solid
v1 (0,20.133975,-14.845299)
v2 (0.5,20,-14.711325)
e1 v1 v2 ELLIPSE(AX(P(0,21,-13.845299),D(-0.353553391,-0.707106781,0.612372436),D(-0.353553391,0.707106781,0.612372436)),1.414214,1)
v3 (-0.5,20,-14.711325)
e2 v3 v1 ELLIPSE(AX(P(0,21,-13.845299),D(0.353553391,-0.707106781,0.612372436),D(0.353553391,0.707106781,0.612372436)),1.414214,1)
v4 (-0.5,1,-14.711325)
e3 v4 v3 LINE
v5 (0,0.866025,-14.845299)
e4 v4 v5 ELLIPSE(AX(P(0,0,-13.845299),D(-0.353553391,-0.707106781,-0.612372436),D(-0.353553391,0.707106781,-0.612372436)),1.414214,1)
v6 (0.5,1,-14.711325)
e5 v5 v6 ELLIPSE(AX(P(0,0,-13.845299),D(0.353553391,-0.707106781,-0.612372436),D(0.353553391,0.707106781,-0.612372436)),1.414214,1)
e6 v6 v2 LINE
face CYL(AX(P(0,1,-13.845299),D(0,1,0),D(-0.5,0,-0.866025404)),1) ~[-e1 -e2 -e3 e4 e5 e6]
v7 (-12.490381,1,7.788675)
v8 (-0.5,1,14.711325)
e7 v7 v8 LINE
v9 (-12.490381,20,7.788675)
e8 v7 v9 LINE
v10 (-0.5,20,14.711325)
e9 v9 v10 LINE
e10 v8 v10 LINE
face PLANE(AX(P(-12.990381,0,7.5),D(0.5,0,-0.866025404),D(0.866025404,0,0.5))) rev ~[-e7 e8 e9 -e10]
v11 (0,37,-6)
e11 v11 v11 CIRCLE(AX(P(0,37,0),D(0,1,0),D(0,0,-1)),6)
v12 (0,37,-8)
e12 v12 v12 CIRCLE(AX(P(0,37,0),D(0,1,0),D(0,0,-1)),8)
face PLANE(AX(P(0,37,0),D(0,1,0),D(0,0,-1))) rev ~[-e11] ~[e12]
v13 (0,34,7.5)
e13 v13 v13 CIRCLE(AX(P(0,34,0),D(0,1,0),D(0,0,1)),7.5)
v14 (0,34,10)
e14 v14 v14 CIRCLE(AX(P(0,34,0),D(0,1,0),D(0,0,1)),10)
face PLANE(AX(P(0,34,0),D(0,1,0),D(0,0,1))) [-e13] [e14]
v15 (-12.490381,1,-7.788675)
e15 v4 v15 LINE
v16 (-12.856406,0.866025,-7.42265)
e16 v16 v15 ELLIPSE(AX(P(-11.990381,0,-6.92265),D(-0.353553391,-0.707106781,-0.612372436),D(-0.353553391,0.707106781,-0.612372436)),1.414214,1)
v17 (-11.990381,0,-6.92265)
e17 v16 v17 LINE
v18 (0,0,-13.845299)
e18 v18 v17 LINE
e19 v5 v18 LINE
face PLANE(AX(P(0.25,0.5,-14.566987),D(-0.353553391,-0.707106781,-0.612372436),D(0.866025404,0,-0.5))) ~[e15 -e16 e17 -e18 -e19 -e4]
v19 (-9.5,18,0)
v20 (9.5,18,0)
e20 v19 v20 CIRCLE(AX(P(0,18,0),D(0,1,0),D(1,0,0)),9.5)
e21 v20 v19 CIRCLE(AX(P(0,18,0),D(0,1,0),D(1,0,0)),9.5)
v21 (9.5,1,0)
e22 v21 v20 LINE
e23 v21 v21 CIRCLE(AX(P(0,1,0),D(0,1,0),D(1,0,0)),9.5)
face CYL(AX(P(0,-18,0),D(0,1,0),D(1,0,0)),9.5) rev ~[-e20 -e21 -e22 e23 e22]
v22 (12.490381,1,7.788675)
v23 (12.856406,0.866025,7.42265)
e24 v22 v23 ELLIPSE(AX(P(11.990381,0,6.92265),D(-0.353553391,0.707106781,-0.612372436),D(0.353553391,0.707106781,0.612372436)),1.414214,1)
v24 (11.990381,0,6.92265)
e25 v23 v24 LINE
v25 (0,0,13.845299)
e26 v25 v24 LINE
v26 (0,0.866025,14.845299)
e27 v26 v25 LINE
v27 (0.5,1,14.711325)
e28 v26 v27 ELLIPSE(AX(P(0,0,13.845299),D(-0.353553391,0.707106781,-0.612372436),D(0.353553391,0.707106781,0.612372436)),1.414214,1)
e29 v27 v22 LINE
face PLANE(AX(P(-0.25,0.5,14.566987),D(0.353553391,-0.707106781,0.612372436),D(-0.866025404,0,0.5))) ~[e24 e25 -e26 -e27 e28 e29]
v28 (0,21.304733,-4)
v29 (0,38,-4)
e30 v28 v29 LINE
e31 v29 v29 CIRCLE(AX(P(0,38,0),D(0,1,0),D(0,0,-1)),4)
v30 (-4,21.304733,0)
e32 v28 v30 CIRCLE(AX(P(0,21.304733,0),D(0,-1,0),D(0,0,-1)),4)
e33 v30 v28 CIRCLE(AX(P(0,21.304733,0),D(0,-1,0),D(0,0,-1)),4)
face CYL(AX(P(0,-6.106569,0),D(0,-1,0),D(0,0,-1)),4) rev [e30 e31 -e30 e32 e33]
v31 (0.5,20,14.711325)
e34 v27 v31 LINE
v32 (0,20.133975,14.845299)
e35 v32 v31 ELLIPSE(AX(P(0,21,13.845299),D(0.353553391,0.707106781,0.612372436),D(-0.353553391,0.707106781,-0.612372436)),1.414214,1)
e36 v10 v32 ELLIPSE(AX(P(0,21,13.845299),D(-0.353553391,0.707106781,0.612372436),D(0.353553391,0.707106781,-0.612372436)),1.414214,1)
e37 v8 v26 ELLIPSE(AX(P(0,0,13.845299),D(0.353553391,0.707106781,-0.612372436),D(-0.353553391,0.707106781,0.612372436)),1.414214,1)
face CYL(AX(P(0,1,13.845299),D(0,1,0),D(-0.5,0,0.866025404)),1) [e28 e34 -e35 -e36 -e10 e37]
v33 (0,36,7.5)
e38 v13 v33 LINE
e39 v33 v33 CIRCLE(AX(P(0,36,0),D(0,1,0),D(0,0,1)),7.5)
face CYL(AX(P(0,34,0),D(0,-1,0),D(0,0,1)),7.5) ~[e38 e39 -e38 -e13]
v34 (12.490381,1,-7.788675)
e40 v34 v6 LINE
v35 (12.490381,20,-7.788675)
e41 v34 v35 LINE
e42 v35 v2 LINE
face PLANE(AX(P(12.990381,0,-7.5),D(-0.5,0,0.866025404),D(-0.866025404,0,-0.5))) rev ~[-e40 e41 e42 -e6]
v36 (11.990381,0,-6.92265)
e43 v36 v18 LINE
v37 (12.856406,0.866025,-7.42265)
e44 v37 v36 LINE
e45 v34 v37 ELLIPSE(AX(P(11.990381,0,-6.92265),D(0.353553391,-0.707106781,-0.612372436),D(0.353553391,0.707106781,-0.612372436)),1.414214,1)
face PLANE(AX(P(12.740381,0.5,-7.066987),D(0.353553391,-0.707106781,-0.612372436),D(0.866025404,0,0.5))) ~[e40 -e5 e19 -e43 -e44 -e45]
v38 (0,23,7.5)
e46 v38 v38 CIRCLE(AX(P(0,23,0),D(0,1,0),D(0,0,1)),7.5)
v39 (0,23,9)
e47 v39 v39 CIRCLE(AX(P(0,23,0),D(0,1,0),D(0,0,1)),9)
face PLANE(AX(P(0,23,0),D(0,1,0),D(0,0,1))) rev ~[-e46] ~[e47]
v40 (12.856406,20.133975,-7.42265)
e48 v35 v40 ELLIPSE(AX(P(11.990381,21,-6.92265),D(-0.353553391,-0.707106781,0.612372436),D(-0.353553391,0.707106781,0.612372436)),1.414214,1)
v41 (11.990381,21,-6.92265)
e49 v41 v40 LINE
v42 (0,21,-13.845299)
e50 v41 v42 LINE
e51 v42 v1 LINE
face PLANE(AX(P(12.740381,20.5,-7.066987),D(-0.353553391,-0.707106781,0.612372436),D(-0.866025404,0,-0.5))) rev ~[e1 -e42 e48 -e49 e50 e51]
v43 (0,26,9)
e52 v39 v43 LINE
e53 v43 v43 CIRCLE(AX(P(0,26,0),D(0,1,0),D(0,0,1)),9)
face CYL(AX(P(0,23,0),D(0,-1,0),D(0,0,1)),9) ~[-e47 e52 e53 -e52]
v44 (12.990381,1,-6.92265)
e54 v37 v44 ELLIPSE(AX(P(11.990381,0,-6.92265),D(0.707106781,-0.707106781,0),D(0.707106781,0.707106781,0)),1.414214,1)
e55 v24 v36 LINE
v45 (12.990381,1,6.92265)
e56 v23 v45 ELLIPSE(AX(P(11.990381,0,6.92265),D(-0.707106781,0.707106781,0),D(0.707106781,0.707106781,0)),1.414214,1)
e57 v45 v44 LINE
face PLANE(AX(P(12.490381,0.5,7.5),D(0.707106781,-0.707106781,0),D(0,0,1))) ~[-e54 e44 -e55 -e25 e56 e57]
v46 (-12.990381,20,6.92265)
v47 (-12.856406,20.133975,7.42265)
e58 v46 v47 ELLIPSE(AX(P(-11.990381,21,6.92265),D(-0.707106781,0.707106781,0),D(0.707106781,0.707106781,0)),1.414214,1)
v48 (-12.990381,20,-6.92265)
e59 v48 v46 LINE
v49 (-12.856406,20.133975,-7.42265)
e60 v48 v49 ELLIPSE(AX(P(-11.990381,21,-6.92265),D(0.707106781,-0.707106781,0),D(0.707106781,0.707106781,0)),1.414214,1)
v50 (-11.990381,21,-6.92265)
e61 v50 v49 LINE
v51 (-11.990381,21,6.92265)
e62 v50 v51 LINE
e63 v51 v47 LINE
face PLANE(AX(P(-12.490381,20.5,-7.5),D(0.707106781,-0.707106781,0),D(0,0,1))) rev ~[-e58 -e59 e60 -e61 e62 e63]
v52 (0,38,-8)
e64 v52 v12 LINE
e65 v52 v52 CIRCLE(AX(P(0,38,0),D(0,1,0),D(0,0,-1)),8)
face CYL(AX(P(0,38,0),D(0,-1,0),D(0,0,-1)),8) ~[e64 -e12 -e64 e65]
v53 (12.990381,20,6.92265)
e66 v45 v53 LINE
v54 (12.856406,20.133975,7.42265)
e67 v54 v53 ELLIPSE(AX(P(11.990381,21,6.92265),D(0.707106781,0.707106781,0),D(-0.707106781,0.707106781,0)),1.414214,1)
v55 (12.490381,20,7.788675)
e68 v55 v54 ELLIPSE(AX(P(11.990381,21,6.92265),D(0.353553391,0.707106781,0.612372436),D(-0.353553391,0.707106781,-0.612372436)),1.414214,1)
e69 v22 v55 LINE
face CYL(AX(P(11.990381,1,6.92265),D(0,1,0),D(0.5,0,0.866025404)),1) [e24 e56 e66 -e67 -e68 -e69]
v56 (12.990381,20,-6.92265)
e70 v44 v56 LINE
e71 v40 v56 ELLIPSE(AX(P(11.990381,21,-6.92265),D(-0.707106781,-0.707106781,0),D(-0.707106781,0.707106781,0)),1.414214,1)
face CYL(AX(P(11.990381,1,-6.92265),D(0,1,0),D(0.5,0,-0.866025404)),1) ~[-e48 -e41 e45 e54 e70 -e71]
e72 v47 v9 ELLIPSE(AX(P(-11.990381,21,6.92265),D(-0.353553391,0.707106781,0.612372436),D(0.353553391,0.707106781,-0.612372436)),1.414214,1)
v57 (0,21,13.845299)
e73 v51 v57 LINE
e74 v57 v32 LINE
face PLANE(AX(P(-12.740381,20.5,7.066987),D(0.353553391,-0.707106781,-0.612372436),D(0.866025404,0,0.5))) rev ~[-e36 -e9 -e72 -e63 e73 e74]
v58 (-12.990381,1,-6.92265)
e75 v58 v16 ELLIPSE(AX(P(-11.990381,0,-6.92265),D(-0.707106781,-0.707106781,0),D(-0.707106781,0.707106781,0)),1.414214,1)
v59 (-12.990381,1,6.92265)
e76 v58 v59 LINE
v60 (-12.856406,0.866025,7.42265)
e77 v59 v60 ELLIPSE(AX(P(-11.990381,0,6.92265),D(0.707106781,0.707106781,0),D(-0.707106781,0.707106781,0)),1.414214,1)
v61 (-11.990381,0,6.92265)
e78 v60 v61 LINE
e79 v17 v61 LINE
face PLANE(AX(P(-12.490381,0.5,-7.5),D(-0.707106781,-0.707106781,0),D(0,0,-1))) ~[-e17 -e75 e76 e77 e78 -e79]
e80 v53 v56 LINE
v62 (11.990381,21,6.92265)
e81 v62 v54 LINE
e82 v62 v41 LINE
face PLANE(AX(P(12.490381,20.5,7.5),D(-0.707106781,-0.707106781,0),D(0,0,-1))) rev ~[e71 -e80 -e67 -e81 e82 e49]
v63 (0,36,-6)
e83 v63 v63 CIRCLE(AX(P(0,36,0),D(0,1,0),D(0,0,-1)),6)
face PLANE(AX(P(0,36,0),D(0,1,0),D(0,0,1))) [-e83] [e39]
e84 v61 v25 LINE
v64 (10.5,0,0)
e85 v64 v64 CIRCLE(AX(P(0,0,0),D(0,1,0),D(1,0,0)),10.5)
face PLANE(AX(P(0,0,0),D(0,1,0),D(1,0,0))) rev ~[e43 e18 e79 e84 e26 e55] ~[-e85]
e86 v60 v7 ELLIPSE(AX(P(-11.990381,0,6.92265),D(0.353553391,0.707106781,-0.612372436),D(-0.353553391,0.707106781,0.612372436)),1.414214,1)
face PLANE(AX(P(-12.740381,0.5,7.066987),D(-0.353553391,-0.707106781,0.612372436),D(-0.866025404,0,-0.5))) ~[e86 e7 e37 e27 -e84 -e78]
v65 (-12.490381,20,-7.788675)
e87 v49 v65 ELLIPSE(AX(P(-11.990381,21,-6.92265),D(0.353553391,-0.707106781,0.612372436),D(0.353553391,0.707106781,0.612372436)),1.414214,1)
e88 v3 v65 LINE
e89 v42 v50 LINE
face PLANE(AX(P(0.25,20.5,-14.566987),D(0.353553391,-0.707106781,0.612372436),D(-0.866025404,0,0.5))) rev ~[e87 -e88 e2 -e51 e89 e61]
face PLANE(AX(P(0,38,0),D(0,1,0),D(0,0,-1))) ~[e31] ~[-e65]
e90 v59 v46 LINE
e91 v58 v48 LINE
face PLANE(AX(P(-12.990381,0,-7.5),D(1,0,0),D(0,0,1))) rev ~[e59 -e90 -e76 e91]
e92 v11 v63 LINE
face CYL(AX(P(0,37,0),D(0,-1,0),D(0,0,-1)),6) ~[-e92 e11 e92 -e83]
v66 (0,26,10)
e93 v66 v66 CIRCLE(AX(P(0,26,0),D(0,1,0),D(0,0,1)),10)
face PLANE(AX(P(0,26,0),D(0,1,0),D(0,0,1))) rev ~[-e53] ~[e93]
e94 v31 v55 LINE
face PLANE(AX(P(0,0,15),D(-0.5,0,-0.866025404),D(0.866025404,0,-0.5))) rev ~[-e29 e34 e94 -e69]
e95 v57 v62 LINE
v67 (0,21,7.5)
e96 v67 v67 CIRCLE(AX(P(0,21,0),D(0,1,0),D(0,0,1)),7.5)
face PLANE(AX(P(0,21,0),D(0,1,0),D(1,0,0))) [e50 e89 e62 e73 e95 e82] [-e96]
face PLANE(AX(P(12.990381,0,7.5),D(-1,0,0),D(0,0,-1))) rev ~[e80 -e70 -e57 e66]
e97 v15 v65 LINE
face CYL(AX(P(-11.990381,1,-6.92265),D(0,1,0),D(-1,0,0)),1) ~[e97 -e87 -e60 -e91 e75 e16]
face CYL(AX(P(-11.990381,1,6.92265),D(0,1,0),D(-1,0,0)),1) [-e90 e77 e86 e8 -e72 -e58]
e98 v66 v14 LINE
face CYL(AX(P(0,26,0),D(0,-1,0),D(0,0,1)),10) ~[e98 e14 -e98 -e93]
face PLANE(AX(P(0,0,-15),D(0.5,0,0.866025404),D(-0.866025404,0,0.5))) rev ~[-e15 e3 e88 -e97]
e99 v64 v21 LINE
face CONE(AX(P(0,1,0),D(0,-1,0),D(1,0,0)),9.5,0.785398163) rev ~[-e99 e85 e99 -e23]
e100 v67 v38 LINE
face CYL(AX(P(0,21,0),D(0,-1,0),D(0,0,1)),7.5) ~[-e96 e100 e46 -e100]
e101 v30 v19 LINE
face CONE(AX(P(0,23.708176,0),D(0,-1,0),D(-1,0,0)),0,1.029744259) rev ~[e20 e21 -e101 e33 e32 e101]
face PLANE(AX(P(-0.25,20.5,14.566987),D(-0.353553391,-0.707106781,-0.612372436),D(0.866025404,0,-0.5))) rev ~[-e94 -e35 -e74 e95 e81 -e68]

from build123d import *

# Parameters (mm, degrees)
EXTRUDE_1_DEPTH          = 21
SKETCH_2_R               = 7.5
EXTRUDE_2_DEPTH          = 2
SKETCH_3_R               = 9
EXTRUDE_3_DEPTH          = 3
SKETCH_4_R               = 10
EXTRUDE_4_DEPTH          = 8
SKETCH_5_R               = 7.5
EXTRUDE_5_DEPTH          = 2
CUT_EXTRUDE_1_DEPTH      = 42.106568818
CUT_EXTRUDE_1_DEPTH_BACK = 42.106568818
SKETCH_7_R               = 4
HOLE_WIZARD_G1_21_D      = 19
HOLE_WIZARD_G1_21_DEPTH  = 18
HOLE_WIZARD_G1_21_TIP    = 5.708175881
CHAMFER_1_SIZE           = 1
FILLET_1_R               = 1


with BuildPart() as part:
    # Эскиз1 → Бобышка-Вытянуть1 (new body)
    with BuildSketch(Plane(origin=(0, 0, 0), x_dir=(1, 0, 0), z_dir=(0, 1, 0))):
        Polygon((0, 15), (-12.990381057, 7.5), (-12.990381057, -7.5), (0, -15), (12.990381057, -7.5), (12.990381057, 7.5), align=None)
    extrude(amount=EXTRUDE_1_DEPTH)

    # Эскиз2 → Бобышка-Вытянуть2 (add)
    with BuildSketch(Plane(origin=(0, 21, 0), x_dir=(1, 0, 0), z_dir=(0, 1, 0))):
        with Locations(Location((0, 0, 0), (0, 0, 270))):
            Circle(SKETCH_2_R)
    extrude(amount=EXTRUDE_2_DEPTH)

    # Эскиз3 → Бобышка-Вытянуть3 (add)
    with BuildSketch(Plane(origin=(0, 23, 0), x_dir=(1, 0, 0), z_dir=(0, 1, 0))):
        with Locations(Location((0, 0, 0), (0, 0, 270))):
            Circle(SKETCH_3_R)
    extrude(amount=EXTRUDE_3_DEPTH)

    # Эскиз4 → Бобышка-Вытянуть4 (add)
    with BuildSketch(Plane(origin=(0, 26, 0), x_dir=(1, 0, 0), z_dir=(0, 1, 0))):
        with Locations(Location((0, 0, 0), (0, 0, 270))):
            Circle(SKETCH_4_R)
    extrude(amount=EXTRUDE_4_DEPTH)

    # Эскиз5 → Бобышка-Вытянуть5 (add)
    with BuildSketch(Plane(origin=(0, 34, 0), x_dir=(1, 0, 0), z_dir=(0, 1, 0))):
        with Locations(Location((0, 0, 0), (0, 0, 270))):
            Circle(SKETCH_5_R)
    extrude(amount=EXTRUDE_5_DEPTH)

    # Эскиз6 → Повернуть1 (revolve)
    with BuildSketch(Plane.XY, mode=Mode.PRIVATE) as revolve_1_sk:
        Polygon((-8, 37), (-6, 37), (-6, 36), (-4, 36), (-4, 38), (-8, 38), align=None)
    revolve(revolve_1_sk.sketch.rotate(Axis((0, 36, 0), (0, 1, 0)), 270), axis=Axis((0, 36, 0), (0, 1, 0)))

    # Эскиз7 → Вырез-Вытянуть1 (cut, two sides: drawn at the far end of the back side and taken through both)
    with BuildSketch(Plane(origin=(0, 36, 0), x_dir=(1, 0, 0), z_dir=(0, 1, 0)).offset(-CUT_EXTRUDE_1_DEPTH_BACK)):
        with Locations(Location((0, 0, 0), (0, 0, 90))):
            Circle(SKETCH_7_R)
    extrude(amount=CUT_EXTRUDE_1_DEPTH + CUT_EXTRUDE_1_DEPTH_BACK, mode=Mode.SUBTRACT)

    # Отверстие обработанное метчиком G1/21
    with Locations(Plane(origin=(0, 0, 0), x_dir=(-1, 0, 0), z_dir=(0, -1, 0))):
        with Locations((0, 0)):
            Hole(HOLE_WIZARD_G1_21_D / 2, depth=HOLE_WIZARD_G1_21_DEPTH)
            with Locations((0, 0, -(HOLE_WIZARD_G1_21_DEPTH + HOLE_WIZARD_G1_21_TIP / 2))):  # 118° drill point
                Cone(0, HOLE_WIZARD_G1_21_D / 2, HOLE_WIZARD_G1_21_TIP, mode=Mode.SUBTRACT)

    # Фаска1
    chamfer_1_edges = [part.edges().sort_by_distance(p)[0] for p in [
        (-12.990381057, 21, 0),
        (-6.495190528, 21, 11.25),
        (6.495190528, 21, 11.25),
        (12.990381057, 21, 0),
        (6.495190528, 21, -11.25),
        (-9.5, 0, 0),
        (12.990381057, 0, 0),
        (6.495190528, 0, 11.25),
        (-6.495190528, 0, 11.25),
        (-6.495190528, 21, -11.25),
        (-12.990381057, 0, 0),
        (-6.495190528, 0, -11.25),
        (6.495190528, 0, -11.25),
    ]]
    chamfer(chamfer_1_edges, length=CHAMFER_1_SIZE)

    # Скругление1
    fillet_1_edges = [part.edges().sort_by_distance(p)[0] for p in [
        (12.990381057, 10.5, -7.5),
        (12.990381057, 10.5, 7.5),
        (0, 10.5, 15),
        (-12.990381057, 10.5, 7.5),
        (-12.990381057, 10.5, -7.5),
        (0, 10.5, -15),
    ]]
    fillet(fillet_1_edges, radius=FILLET_1_R)


solid = part.part
